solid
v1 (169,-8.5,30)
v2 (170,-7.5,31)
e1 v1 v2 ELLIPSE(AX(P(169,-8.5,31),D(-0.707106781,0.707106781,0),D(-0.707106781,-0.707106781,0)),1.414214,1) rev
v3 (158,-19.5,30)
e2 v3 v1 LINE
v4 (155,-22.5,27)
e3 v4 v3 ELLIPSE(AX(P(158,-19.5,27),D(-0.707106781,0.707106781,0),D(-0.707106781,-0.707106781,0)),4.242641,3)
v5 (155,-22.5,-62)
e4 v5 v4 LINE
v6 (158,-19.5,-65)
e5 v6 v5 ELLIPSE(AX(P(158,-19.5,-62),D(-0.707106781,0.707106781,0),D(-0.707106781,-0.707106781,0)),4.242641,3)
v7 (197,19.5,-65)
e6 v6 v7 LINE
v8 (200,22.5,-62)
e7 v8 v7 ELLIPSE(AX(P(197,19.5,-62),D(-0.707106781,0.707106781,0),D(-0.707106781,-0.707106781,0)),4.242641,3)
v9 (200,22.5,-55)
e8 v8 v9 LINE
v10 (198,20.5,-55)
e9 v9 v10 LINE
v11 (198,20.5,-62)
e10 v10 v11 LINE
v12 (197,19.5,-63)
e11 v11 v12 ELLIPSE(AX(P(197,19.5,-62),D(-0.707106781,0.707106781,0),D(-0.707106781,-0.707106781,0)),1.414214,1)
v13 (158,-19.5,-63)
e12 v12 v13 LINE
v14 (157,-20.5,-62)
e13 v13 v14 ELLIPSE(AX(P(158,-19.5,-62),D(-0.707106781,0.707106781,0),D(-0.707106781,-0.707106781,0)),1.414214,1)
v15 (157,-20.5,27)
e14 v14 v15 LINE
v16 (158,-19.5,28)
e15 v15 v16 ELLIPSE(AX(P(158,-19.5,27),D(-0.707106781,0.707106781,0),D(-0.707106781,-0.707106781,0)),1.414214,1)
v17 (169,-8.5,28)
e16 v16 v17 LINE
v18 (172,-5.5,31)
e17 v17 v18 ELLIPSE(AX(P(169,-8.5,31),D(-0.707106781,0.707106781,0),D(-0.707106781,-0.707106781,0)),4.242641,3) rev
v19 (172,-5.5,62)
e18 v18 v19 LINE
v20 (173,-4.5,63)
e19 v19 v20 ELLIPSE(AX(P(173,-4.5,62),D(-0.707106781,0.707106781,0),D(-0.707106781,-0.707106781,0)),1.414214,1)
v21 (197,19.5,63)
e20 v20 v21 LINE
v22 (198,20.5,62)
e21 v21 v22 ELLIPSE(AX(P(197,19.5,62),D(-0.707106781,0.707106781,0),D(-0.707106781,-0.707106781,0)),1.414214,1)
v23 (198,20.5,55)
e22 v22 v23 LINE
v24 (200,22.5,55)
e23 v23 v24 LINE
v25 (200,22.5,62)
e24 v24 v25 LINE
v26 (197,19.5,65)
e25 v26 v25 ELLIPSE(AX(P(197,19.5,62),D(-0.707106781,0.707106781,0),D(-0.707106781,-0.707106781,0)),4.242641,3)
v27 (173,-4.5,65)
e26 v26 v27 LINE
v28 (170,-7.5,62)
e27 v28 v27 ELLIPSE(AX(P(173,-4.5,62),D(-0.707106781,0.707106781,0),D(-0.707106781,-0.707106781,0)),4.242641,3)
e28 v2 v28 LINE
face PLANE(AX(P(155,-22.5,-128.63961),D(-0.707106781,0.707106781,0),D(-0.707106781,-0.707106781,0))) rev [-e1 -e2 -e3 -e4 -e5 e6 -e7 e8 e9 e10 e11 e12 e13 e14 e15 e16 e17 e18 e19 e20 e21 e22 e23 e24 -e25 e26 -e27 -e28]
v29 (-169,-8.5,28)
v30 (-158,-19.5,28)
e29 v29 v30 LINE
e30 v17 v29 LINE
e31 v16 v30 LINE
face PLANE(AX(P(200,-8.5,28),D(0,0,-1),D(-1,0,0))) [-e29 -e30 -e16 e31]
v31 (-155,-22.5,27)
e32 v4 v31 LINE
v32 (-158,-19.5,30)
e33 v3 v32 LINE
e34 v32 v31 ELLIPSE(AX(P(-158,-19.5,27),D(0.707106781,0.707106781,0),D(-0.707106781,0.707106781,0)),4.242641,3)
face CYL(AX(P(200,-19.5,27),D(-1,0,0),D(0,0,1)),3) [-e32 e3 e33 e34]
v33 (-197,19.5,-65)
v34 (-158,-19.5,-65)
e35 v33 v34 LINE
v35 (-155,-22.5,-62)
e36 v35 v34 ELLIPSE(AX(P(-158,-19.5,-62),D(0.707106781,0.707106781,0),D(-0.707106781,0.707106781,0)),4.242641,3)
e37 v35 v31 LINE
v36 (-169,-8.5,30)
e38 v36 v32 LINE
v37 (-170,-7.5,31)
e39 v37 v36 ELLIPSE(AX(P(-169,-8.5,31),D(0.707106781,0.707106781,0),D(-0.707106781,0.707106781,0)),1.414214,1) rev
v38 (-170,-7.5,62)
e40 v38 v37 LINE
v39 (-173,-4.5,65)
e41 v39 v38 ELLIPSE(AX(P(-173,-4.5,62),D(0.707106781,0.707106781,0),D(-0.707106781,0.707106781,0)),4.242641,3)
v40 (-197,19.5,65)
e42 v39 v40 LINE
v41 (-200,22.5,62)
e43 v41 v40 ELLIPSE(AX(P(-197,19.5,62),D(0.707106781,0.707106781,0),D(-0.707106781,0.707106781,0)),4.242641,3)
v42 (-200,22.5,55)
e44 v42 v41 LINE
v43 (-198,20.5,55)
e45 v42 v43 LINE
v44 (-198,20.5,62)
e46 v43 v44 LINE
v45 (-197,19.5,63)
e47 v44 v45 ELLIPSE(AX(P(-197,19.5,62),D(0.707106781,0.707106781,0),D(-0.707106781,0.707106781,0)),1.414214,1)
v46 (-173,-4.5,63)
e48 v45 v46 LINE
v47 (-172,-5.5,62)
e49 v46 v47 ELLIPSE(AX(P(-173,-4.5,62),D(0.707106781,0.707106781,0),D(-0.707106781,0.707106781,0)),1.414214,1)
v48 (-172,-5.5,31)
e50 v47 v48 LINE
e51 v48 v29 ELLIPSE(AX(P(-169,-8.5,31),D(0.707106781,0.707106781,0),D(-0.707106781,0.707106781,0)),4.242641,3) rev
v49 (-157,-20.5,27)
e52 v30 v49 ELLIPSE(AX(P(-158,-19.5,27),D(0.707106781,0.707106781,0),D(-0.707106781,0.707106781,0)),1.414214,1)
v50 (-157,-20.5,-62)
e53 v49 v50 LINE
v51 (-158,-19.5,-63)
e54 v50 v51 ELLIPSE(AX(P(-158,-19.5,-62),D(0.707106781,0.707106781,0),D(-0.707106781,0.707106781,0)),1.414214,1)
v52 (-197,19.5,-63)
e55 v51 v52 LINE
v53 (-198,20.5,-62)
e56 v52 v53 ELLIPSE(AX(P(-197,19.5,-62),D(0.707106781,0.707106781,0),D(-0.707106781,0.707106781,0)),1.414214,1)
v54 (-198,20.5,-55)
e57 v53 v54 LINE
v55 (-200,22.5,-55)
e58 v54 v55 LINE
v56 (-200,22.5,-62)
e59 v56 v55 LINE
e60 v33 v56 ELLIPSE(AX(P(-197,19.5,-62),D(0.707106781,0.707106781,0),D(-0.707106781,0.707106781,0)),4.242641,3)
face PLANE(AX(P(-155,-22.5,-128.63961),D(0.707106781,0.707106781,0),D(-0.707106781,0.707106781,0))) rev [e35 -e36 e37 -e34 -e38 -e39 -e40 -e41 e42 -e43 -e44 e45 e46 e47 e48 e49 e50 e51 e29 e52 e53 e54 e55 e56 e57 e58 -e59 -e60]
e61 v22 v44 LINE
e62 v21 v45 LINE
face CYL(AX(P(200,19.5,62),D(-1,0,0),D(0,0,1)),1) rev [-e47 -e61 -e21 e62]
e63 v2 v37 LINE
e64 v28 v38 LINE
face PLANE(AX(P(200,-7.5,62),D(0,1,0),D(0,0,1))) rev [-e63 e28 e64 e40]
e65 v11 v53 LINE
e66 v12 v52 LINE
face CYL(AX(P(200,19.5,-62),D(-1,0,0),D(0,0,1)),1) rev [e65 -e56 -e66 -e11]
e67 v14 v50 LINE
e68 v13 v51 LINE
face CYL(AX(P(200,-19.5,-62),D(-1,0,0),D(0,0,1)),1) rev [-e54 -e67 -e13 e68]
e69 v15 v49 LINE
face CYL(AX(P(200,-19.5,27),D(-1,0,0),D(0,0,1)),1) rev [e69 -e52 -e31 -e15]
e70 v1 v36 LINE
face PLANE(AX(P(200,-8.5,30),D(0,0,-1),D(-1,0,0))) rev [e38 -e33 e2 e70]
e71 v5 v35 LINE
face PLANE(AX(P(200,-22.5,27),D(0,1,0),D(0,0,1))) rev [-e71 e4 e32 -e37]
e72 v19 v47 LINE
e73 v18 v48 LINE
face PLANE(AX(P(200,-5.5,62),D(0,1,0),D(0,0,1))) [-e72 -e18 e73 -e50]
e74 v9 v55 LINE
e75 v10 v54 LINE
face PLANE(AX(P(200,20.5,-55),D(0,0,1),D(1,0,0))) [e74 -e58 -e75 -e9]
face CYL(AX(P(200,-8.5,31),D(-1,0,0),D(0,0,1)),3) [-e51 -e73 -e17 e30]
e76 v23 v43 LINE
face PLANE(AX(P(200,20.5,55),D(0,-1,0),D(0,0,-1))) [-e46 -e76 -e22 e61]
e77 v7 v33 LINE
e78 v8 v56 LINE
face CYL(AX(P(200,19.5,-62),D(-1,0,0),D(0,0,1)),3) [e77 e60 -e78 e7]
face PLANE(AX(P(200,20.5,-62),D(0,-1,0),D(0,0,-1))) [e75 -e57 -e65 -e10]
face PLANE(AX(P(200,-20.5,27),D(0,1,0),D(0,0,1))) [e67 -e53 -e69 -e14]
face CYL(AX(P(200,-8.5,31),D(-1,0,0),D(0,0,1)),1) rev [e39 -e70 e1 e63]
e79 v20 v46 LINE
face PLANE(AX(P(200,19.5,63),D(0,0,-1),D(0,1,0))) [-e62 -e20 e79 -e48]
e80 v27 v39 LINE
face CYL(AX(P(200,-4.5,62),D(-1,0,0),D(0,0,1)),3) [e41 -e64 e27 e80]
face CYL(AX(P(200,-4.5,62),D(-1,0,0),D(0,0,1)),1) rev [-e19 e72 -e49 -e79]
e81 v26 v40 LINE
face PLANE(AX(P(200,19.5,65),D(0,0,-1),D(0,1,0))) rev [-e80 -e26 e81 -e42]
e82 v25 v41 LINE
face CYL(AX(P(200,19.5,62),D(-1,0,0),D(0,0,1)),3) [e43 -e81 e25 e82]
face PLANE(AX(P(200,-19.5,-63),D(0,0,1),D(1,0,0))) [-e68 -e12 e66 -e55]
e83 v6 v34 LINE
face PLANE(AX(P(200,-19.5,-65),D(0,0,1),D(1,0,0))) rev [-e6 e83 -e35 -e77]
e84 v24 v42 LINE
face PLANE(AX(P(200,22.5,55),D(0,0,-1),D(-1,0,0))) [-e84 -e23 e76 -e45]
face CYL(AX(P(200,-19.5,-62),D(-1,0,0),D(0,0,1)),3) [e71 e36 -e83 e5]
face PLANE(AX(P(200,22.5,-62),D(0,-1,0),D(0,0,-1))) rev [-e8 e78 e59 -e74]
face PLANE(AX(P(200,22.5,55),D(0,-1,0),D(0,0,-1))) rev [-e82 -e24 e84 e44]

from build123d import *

# Parameters (mm, degrees)
VYSUNOUT_TENKOST_NN_1_DEPTH = 200
ODEBRAT_VYSUNUT_M1_REACH    = 241.596


with BuildPart() as part:
    # Skica1 → Vysunout tenkostěnný1 (new, symmetric)
    with BuildSketch(Plane(origin=(0, 0, 0), x_dir=(0, 0, -1), z_dir=(1, 0, 0))):
        with BuildLine():
            Line((-55, 22.5), (-62, 22.5))
            ThreePointArc((-62, 22.5), (-64.121320344, 21.621320344), (-65, 19.5))
            Line((-65, 19.5), (-65, -4.5))
            ThreePointArc((-65, -4.5), (-64.121320344, -6.621320344), (-62, -7.5))
            Line((-62, -7.5), (-31, -7.5))
            ThreePointArc((-31, -7.5), (-30.292893219, -7.792893219), (-30, -8.5))
            Line((-30, -8.5), (-30, -19.5))
            ThreePointArc((-30, -19.5), (-29.121320344, -21.621320344), (-27, -22.5))
            Line((-27, -22.5), (62, -22.5))
            ThreePointArc((62, -22.5), (64.121320344, -21.621320344), (65, -19.5))
            Line((65, -19.5), (65, 19.5))
            ThreePointArc((65, 19.5), (64.121320344, 21.621320344), (62, 22.5))
            Line((62, 22.5), (55, 22.5))
            Line((55, 22.5), (55, 20.5))
            Line((55, 20.5), (62, 20.5))
            ThreePointArc((62, 20.5), (62.707106781, 20.207106781), (63, 19.5))
            Line((63, 19.5), (63, -19.5))
            ThreePointArc((63, -19.5), (62.707106781, -20.207106781), (62, -20.5))
            Line((62, -20.5), (-27, -20.5))
            ThreePointArc((-27, -20.5), (-27.707106781, -20.207106781), (-28, -19.5))
            Line((-28, -19.5), (-28, -8.5))
            ThreePointArc((-28, -8.5), (-28.878679656, -6.378679656), (-31, -5.5))
            Line((-31, -5.5), (-62, -5.5))
            ThreePointArc((-62, -5.5), (-62.707106781, -5.207106781), (-63, -4.5))
            Line((-63, -4.5), (-63, 19.5))
            ThreePointArc((-63, 19.5), (-62.707106781, 20.207106781), (-62, 20.5))
            Line((-62, 20.5), (-55, 20.5))
            Line((-55, 20.5), (-55, 22.5))
        make_face()
    extrude(amount=VYSUNOUT_TENKOST_NN_1_DEPTH, both=True)

    # Odebrat vysunutím1: up to this face of the body (flat: up to its plane)
    odebrat_vysunut_m1_end = Plane(part.part.faces().sort_by_distance((0, 0, -65))[0])
    # Skica2 → Odebrat vysunutím1 (cut, up to the picked face)
    with BuildSketch(Plane.XY.offset(65), mode=Mode.PRIVATE) as odebrat_vysunut_m1_sk1:
        Polygon((-155, -22.5), (-200, 22.5), (-200, -22.5), align=None)
    odebrat_vysunut_m1_tool1 = split(extrude(odebrat_vysunut_m1_sk1.sketch, amount=-ODEBRAT_VYSUNUT_M1_REACH, mode=Mode.PRIVATE), bisect_by=odebrat_vysunut_m1_end, keep=Keep.BOTH, mode=Mode.PRIVATE)
    # Skica2 → Odebrat vysunutím1 (cut, up to the picked face)
    with BuildSketch(Plane.XY.offset(65), mode=Mode.PRIVATE) as odebrat_vysunut_m1_sk2:
        Polygon((200, 22.5), (200, -22.5), (155, -22.5), align=None)
    odebrat_vysunut_m1_tool2 = split(extrude(odebrat_vysunut_m1_sk2.sketch, amount=-ODEBRAT_VYSUNUT_M1_REACH, mode=Mode.PRIVATE), bisect_by=odebrat_vysunut_m1_end, keep=Keep.BOTH, mode=Mode.PRIVATE)
    add(odebrat_vysunut_m1_tool1.solids().sort_by(Axis((-185, -7.5, 65), (0, 0, -1)))[0], mode=Mode.SUBTRACT)
    add(odebrat_vysunut_m1_tool2.solids().sort_by(Axis((185, -7.5, 65), (0, 0, -1)))[0], mode=Mode.SUBTRACT)


solid = part.part
